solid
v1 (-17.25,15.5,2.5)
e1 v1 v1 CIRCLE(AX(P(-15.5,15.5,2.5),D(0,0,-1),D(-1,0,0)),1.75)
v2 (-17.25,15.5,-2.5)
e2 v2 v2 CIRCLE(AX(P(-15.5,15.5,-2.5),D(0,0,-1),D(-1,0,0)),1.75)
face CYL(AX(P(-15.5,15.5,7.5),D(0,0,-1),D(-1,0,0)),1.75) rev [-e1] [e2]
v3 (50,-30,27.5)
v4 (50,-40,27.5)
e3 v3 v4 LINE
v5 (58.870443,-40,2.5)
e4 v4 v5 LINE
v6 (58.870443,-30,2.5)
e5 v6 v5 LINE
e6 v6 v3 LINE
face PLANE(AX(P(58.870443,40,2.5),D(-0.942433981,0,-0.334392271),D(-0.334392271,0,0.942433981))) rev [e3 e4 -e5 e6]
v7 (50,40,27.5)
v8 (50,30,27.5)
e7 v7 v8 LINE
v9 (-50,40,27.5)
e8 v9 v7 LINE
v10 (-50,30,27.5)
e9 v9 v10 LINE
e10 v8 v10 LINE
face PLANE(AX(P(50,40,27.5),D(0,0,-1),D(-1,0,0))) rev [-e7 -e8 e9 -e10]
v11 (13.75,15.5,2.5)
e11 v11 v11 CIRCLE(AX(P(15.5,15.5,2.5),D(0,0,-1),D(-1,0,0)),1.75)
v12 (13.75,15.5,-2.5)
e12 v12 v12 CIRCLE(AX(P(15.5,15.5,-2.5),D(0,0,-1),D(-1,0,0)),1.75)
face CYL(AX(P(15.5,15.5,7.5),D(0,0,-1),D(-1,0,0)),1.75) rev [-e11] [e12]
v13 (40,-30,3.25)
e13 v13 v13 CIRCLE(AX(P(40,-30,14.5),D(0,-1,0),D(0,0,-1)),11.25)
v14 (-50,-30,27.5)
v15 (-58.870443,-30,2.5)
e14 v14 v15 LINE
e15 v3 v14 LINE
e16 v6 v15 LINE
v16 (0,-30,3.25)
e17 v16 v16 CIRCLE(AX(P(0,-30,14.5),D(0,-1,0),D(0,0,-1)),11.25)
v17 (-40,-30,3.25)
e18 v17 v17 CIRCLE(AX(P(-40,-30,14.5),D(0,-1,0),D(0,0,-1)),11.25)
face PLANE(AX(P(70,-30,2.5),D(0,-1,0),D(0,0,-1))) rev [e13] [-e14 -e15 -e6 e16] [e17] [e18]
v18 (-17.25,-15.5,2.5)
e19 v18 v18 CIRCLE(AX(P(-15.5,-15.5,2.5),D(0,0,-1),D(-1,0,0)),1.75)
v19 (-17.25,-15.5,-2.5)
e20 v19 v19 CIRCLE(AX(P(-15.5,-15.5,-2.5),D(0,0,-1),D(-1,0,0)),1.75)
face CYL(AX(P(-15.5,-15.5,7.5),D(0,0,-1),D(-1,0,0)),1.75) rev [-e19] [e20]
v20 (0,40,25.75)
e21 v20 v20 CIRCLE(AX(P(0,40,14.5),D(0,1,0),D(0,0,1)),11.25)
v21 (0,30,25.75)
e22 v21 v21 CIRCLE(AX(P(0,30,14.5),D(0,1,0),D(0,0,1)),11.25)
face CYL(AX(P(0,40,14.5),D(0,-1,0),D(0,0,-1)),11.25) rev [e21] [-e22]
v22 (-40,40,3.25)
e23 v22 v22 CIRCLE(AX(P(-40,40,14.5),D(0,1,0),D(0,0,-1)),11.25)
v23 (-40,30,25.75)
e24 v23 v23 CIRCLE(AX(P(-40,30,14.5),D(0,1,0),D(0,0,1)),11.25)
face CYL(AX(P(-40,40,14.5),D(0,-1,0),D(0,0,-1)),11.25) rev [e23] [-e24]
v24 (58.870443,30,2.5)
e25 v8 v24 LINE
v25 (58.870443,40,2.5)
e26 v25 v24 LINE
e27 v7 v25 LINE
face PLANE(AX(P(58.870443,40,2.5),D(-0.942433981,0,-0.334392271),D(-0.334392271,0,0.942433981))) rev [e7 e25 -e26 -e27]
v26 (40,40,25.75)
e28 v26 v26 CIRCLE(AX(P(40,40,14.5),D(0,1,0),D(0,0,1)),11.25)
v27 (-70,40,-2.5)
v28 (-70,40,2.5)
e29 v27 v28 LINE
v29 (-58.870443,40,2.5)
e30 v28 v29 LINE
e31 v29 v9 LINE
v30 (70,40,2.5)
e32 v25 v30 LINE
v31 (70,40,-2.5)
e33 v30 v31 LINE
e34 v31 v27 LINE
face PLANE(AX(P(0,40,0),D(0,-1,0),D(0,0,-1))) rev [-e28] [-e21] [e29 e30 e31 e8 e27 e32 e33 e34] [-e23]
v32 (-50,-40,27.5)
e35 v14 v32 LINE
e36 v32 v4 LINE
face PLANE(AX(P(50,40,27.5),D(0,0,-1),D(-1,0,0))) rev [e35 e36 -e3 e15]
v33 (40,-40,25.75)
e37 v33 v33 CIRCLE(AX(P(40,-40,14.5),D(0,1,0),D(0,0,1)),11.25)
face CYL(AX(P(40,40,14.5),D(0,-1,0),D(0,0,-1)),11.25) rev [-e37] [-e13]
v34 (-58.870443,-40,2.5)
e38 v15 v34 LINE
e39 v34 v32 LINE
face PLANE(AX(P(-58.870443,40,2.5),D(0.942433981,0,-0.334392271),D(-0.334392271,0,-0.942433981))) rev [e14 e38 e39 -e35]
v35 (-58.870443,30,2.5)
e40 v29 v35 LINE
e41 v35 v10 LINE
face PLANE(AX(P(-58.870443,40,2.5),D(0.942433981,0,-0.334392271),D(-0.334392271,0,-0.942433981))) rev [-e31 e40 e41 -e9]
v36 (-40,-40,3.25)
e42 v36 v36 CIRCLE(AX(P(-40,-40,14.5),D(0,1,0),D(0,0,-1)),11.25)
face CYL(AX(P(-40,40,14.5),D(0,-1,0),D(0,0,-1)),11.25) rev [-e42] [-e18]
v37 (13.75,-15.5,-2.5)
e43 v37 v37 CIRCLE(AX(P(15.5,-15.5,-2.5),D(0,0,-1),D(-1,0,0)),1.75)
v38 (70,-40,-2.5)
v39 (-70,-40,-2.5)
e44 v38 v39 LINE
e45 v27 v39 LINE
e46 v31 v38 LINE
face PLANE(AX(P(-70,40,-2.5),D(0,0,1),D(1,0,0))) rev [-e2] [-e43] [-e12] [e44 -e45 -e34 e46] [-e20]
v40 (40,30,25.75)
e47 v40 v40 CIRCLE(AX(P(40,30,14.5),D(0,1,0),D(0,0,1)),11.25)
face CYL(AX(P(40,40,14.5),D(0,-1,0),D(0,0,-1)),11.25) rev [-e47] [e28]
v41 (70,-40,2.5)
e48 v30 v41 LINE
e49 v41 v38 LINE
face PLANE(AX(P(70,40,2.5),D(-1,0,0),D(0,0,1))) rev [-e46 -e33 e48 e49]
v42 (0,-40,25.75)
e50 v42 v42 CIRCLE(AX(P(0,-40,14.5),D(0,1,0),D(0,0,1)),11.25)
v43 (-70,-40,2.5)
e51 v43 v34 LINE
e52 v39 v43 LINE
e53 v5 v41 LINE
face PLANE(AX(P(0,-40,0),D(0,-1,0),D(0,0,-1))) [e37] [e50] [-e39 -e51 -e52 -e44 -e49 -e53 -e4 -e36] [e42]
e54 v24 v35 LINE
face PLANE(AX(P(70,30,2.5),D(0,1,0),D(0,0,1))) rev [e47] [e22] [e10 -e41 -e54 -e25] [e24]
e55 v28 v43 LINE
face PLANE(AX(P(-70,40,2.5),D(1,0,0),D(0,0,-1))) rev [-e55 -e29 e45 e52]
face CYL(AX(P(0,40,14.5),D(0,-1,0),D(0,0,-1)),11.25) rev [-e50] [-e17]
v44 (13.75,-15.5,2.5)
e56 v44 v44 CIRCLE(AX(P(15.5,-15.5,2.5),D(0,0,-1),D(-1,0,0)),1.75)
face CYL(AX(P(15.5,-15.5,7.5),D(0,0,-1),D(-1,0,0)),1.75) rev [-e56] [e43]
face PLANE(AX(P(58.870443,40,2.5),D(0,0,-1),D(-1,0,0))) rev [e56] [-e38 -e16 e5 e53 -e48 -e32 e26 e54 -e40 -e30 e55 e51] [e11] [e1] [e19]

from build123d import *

# Parameters (mm, degrees)
SKETCH_1_R          = 11.25
EXTRUDE_1_DEPTH     = 40
SKETCH_2_W          = 25
SKETCH_2_H          = 60
CUT_EXTRUDE1_DEPTH  = 149.176415127
SKETCH_3_R          = 1.75
CUT_EXTRUDE_1_DEPTH = 10


with BuildPart() as part:
    # Эскиз1 → Бобышка-Вытянуть1 (new, symmetric)
    with BuildSketch(Plane(origin=(0, 0, 0), x_dir=(1, 0, 0), z_dir=(0, 1, 0))):
        Polygon((-70, -2.5), (-58.870442851, -2.5), (-50, -27.5), (50, -27.5), (58.870442851, -2.5), (70, -2.5), (70, 2.5), (-70, 2.5), align=None)
        with Locations(Location((0, -14.5, 0), (0, 0, 270))):
            Circle(SKETCH_1_R, mode=Mode.SUBTRACT)
        with Locations(Location((40, -14.5, 0), (0, 0, 270))):
            Circle(SKETCH_1_R, mode=Mode.SUBTRACT)
        with Locations(Location((-40, -14.5, 0), (0, 0, 90))):
            Circle(SKETCH_1_R, mode=Mode.SUBTRACT)
    extrude(amount=EXTRUDE_1_DEPTH, both=True)

    # Эскиз2 → Cut-Extrude1 (cut, through all)
    with BuildSketch(Plane.ZY.offset(70)):
        with Locations((15, 0)):
            Rectangle(SKETCH_2_W, SKETCH_2_H)
    extrude(amount=-CUT_EXTRUDE1_DEPTH, mode=Mode.SUBTRACT)

    # Эскиз3 → Вырез-Вытянуть1 (cut)
    with BuildSketch(Plane(origin=(0, 0, -2.5), x_dir=(-1, 0, 0), z_dir=(0, 0, -1))):
        with Locations((-15.5, 15.5)):
            Circle(SKETCH_3_R)
        with Locations((15.5, 15.5)):
            Circle(SKETCH_3_R)
        with Locations((15.5, -15.5)):
            Circle(SKETCH_3_R)
        with Locations((-15.5, -15.5)):
            Circle(SKETCH_3_R)
    extrude(amount=-CUT_EXTRUDE_1_DEPTH, mode=Mode.SUBTRACT)


solid = part.part
